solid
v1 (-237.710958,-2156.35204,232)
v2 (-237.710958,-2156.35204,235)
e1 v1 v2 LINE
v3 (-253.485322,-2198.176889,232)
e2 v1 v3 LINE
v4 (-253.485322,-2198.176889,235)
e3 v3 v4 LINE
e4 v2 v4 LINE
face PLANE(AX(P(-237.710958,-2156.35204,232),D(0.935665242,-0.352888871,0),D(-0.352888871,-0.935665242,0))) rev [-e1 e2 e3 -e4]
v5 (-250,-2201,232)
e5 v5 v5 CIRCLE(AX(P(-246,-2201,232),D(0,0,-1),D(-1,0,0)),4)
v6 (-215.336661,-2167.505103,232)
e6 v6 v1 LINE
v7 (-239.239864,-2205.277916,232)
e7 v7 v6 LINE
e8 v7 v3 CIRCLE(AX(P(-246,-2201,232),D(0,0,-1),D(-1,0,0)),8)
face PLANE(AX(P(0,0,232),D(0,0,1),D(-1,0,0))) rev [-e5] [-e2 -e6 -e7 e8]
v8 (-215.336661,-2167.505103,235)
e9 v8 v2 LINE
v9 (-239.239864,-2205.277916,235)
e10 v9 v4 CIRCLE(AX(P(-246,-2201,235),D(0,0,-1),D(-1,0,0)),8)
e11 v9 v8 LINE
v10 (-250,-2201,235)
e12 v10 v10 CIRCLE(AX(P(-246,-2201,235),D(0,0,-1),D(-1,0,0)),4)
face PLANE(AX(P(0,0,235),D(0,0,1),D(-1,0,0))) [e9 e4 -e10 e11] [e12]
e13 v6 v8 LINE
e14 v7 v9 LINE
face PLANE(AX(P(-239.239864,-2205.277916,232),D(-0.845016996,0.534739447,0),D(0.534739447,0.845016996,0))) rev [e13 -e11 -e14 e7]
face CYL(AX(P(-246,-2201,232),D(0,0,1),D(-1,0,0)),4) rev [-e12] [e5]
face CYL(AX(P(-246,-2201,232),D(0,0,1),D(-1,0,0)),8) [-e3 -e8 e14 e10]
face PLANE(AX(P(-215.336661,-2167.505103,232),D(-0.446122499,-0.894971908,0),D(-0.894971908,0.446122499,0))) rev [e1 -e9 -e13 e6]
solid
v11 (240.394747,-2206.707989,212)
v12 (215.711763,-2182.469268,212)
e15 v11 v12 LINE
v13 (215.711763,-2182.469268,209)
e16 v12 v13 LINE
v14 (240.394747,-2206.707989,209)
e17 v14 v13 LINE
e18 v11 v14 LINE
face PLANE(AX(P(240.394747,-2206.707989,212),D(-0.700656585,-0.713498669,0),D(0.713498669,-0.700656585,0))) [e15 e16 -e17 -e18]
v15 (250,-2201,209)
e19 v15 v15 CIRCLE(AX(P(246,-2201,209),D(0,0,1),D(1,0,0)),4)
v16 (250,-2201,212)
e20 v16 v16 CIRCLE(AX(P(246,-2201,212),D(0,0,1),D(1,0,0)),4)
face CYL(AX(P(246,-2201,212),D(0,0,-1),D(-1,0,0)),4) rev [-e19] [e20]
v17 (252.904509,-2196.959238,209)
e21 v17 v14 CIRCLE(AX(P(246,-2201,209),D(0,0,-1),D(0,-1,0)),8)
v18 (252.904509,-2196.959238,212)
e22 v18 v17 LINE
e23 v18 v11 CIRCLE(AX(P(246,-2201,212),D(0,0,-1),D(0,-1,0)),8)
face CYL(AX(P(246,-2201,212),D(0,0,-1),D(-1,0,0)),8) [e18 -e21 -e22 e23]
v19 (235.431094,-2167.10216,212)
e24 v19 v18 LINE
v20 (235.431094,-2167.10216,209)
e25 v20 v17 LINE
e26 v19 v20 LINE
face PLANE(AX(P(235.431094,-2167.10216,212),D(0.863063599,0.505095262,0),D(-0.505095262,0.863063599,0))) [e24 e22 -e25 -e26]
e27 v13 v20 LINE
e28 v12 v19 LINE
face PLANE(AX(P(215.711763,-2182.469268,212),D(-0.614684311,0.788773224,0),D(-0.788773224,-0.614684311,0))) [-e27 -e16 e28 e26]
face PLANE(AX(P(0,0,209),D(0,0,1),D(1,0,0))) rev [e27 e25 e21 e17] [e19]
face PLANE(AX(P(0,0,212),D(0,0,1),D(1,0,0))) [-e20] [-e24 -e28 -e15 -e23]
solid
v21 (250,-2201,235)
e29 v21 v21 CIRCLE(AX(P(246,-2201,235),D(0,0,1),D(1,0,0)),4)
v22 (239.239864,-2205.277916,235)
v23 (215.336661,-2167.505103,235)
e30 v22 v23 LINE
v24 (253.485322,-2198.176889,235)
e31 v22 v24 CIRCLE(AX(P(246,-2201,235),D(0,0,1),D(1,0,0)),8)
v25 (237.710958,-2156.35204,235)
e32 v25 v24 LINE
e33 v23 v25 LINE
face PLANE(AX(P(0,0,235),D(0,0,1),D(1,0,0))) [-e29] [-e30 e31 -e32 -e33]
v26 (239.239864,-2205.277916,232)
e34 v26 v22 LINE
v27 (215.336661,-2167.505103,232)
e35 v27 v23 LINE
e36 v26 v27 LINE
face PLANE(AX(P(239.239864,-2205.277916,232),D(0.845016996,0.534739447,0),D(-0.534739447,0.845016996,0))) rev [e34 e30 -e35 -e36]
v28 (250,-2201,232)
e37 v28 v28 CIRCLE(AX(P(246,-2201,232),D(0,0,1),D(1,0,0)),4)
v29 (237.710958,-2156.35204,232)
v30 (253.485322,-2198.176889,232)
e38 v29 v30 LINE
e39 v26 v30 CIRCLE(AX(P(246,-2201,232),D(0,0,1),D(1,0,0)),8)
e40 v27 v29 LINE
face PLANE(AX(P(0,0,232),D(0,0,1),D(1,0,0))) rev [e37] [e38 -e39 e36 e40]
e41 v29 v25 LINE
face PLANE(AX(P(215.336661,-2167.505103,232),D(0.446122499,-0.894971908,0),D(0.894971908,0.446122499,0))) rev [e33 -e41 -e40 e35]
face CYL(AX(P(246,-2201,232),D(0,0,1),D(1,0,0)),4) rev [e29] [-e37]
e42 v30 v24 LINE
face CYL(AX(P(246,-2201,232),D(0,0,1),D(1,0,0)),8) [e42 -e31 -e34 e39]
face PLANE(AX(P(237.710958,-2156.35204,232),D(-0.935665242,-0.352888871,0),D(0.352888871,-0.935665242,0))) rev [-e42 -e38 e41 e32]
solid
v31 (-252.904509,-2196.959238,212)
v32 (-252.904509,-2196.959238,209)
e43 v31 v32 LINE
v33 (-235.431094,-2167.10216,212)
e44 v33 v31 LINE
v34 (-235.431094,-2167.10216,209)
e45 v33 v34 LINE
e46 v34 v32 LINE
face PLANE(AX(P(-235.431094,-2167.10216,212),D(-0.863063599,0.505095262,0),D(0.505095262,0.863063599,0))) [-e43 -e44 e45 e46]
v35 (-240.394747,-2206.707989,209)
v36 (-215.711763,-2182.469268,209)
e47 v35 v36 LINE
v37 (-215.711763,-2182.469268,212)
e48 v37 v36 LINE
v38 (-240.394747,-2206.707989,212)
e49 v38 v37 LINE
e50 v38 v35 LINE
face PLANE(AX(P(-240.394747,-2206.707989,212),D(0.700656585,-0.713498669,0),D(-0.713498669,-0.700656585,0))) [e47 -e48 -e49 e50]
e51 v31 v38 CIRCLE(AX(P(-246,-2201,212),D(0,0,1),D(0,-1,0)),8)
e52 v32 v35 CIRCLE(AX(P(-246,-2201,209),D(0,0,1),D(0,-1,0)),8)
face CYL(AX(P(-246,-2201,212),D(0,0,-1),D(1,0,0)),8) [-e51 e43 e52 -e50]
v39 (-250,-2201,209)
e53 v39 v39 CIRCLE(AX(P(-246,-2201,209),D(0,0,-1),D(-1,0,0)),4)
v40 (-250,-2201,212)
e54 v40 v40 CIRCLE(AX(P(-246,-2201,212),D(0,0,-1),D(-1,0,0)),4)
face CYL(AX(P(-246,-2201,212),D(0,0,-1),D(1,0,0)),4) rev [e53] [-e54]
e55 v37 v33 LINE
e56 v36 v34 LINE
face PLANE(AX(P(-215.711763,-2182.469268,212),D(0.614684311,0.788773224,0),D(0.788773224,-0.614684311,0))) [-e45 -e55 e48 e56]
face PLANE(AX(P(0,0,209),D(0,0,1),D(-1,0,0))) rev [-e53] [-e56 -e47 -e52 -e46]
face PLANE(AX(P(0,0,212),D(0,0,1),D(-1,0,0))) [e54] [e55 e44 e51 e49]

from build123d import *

# Parameters (mm, degrees)
F_3DSKETCH1_R        = 4
BOSS_EXTRUDE_U_DEPTH = 3
BOSS_EXTRUDE_L_START = -3
F_3DSKETCH2_R        = 4
BOSS_EXTRUDE_L_DEPTH = 3


with BuildPart() as part:
    # 3DSketch1 → Boss-Extrude-U (new body)
    with BuildSketch(Plane(origin=(239.239864032, -2205.277915578, 232), x_dir=(-0.031234182001520523, 0.9995120939111722, 0), z_dir=(0, 0, 1))):
        with BuildLine():
            Line((0, 0), (38.500980332, 22.711737925))
            Line((38.500980332, 22.711737925), (48.94975827, 0))
            Line((48.94975827, 0), (6.652616688, -14.460302212))
            ThreePointArc((6.652616688, -14.460302212), (-3.203075097, -10.234063791), (0, 0))
        make_face()
        with Locations(Location((4.064681039, -6.890454851, 0), (0, 0, 268.210122088))):
            Circle(F_3DSKETCH1_R, mode=Mode.SUBTRACT)
    extrude(amount=BOSS_EXTRUDE_U_DEPTH)


with BuildPart() as body_2:
    # 3DSketch2 → Boss-Extrude-L (new body)
    with BuildSketch(Plane(origin=(240.394747323, -2206.707989351, 212), x_dir=(-0.12435355031356123, 0.9922379727285248, 3.198635891212861e-14), z_dir=(0, 0, 1)).offset(BOSS_EXTRUDE_L_START)):
        with BuildLine():
            Line((0, 0), (27.119996267, 21.477223018))
            Line((27.119996267, 21.477223018), (39.915655353, 0))
            Line((39.915655353, 0), (8.117448119, -13.624952215))
            ThreePointArc((8.117448119, -13.624952215), (-1.906060655, -10.366164201), (0, 0))
        make_face()
        with Locations(Location((4.966650711, -6.271553293, 0), (0, 0, 262.856574329))):
            Circle(F_3DSKETCH2_R, mode=Mode.SUBTRACT)
    extrude(amount=BOSS_EXTRUDE_L_DEPTH)


with BuildPart() as body_3:
    # Mirror1: mirrored copy
    add(part.part.mirror(Plane(origin=(0, 0, 0), x_dir=(0, 0, 1), z_dir=(1, 0, 0))))


with BuildPart() as body_4:
    # Mirror1 2: mirrored copy
    add(body_2.part.mirror(Plane(origin=(0, 0, 0), x_dir=(0, 0, 1), z_dir=(1, 0, 0))))


solid = Compound([part.part, body_2.part, body_3.part, body_4.part])
